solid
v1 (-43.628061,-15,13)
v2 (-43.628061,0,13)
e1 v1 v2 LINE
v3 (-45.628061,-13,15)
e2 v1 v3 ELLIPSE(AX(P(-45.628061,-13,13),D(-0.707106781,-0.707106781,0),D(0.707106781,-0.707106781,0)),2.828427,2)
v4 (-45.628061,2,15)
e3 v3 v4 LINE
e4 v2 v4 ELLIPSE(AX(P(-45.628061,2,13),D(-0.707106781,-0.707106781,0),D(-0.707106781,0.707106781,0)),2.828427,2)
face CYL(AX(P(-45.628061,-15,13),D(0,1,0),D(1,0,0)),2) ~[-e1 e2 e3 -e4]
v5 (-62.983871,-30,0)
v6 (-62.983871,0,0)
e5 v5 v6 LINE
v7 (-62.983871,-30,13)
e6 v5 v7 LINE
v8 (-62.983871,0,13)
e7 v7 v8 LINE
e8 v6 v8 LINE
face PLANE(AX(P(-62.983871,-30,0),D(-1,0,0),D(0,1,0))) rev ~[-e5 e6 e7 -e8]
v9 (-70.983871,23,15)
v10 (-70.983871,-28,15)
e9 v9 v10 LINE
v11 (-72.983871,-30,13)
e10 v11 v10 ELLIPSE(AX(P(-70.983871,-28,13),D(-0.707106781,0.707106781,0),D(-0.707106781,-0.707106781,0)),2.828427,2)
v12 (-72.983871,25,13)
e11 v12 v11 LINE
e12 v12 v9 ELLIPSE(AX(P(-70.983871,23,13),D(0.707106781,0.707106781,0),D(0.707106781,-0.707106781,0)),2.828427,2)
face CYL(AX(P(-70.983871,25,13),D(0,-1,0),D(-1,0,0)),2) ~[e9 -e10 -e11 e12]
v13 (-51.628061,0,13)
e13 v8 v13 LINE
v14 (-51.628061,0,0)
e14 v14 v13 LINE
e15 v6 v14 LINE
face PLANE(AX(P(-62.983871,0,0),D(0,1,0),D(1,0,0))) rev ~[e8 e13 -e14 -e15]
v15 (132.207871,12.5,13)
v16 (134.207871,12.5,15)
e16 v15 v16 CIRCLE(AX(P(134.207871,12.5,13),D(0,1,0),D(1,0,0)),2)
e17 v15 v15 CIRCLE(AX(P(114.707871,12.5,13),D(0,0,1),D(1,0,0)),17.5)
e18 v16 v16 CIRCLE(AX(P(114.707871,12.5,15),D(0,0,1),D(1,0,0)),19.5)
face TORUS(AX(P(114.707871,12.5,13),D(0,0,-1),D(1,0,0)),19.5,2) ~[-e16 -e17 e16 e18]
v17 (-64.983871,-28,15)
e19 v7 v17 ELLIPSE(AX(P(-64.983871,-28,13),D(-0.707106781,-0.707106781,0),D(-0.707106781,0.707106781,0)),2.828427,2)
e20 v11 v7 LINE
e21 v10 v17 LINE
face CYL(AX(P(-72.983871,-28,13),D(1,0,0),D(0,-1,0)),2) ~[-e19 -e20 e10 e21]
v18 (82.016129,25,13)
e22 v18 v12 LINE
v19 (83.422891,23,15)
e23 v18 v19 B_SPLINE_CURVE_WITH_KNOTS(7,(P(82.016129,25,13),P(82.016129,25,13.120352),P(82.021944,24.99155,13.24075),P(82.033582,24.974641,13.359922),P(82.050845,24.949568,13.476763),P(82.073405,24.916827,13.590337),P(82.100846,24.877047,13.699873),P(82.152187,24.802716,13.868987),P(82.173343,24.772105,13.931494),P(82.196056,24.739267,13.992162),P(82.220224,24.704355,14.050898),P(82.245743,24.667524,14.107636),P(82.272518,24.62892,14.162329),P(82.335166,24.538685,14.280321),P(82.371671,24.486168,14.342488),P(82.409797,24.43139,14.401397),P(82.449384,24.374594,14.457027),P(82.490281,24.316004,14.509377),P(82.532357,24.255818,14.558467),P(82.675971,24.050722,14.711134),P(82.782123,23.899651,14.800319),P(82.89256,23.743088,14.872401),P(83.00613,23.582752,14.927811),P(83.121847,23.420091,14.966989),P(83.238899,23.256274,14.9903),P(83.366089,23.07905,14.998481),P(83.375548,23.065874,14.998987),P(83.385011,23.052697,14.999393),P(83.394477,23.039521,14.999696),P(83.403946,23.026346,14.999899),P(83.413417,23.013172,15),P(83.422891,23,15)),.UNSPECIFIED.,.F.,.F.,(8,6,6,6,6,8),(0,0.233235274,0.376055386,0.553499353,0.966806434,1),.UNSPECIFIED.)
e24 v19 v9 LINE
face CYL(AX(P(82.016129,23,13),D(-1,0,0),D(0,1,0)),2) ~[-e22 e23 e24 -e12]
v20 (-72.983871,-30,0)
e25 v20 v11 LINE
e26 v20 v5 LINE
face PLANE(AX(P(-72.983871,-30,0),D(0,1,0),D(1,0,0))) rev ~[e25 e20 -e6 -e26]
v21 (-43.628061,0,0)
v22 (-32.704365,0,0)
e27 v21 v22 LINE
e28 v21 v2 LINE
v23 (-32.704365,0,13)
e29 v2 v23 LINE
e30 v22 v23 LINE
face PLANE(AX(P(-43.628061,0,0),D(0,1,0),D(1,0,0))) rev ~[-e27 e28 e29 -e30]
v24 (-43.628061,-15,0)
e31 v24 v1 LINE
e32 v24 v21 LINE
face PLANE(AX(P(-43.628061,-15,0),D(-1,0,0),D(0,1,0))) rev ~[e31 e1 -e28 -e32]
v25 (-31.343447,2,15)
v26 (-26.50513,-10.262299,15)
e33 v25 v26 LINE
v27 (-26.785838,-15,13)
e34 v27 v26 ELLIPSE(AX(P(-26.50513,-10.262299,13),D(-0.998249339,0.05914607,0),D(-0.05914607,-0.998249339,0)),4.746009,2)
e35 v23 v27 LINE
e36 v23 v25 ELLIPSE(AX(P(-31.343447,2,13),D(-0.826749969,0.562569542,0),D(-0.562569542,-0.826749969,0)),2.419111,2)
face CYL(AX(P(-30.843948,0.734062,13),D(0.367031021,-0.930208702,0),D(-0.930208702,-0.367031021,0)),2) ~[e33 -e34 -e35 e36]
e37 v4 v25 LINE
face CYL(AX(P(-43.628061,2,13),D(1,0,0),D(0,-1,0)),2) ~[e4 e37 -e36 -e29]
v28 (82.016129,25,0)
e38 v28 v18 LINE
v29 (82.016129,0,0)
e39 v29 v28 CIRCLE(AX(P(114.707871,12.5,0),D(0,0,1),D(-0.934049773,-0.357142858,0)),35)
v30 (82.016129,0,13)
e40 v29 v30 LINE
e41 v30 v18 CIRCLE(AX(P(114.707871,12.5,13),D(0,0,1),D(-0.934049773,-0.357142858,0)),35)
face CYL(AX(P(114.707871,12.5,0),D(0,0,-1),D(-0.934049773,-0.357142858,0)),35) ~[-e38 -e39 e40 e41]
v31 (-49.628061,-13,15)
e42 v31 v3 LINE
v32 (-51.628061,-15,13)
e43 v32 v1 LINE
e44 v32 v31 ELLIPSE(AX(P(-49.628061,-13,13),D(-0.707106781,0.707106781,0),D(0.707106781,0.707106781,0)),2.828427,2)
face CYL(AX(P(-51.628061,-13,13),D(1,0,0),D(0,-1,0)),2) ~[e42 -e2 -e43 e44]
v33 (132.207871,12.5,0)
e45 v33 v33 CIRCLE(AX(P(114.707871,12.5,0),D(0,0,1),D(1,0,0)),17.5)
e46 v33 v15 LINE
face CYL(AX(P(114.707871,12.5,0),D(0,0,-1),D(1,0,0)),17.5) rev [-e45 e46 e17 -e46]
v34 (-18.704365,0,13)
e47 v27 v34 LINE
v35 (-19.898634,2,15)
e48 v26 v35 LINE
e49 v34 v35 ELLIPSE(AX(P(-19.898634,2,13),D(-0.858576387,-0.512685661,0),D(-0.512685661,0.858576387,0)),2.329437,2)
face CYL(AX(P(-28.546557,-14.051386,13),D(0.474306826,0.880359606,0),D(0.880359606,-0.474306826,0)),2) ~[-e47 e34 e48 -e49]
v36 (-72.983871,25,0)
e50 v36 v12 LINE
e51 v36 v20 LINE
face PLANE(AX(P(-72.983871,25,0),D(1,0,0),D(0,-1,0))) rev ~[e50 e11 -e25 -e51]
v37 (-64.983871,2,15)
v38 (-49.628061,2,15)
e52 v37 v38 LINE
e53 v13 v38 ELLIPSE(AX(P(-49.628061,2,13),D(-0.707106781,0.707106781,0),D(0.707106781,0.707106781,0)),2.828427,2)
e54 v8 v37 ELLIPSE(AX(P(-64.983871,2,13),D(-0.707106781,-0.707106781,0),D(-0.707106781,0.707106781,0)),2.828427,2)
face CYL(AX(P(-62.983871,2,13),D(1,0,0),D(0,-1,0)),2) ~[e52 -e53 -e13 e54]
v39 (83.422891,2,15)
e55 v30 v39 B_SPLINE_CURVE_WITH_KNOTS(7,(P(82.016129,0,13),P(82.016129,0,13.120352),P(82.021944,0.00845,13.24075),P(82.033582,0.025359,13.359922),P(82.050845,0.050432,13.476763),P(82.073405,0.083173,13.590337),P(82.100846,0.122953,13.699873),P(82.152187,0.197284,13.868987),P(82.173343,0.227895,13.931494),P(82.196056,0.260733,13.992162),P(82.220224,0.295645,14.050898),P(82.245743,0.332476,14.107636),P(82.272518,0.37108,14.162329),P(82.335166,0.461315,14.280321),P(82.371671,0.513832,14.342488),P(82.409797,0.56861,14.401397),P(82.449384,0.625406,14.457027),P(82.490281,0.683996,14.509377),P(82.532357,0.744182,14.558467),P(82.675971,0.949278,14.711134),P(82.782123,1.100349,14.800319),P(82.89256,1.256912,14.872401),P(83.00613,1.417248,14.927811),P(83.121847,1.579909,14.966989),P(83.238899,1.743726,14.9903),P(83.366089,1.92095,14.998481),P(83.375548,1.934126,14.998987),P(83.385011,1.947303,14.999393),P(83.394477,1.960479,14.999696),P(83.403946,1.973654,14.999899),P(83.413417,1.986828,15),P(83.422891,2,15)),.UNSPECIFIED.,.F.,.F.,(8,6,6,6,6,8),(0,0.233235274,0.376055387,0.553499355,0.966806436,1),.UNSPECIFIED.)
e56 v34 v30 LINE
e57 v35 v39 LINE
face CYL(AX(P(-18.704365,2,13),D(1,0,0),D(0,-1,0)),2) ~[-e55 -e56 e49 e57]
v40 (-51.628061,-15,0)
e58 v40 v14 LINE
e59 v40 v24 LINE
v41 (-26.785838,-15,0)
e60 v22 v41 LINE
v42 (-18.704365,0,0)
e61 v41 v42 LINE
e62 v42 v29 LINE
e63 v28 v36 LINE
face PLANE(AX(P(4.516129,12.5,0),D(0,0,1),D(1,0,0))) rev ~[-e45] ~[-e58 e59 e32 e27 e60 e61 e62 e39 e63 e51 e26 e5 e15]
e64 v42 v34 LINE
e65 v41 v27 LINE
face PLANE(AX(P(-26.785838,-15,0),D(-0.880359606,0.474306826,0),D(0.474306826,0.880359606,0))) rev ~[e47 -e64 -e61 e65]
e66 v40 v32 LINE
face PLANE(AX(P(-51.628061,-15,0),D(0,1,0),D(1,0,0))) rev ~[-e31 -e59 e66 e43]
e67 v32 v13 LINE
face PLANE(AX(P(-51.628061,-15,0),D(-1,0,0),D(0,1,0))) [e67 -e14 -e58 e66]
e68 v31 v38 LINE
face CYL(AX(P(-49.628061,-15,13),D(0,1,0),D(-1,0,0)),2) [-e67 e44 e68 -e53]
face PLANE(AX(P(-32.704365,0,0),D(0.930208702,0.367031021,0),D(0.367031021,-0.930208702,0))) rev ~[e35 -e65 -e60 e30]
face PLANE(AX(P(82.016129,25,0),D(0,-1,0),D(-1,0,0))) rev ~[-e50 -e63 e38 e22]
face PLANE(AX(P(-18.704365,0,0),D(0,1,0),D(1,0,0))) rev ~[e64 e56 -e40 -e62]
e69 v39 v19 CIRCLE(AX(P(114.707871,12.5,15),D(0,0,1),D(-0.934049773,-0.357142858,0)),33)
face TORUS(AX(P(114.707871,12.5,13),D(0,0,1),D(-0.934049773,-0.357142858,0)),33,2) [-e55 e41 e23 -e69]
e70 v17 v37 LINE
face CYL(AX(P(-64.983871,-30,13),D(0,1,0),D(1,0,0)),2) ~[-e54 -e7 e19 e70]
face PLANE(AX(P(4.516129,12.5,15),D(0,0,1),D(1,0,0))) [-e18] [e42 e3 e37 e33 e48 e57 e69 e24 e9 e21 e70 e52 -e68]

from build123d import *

# Parameters (mm, degrees)
F0_W     = 10
F0_H     = 30
F0_W_2   = 8
F0_H_2   = 15
F0_R     = 17.5
F1_DEPTH = 15
F2_R     = 2


with BuildPart() as f1:
    # F0 (on Top) → F1 (new body)
    with BuildSketch(Plane.XY):
        Polygon((82.016129, 25), (-72.983871, 25), (-72.983871, 0), (-62.983871, 0), (-51.628061, 0), (-43.628061, 0), (-32.704365, 0), (-18.704365, 0), (82.016129, 0), align=None)
        with Locations((-67.983871, -15)):
            Rectangle(F0_W, F0_H)
        with Locations((-47.628061, -7.5)):
            Rectangle(F0_W_2, F0_H_2)
        Polygon((-26.785838, -15), (-18.704365, 0), (-32.704365, 0), align=None)
        with BuildLine():
            ThreePointArc((82.016129, 0), (149.707871, 12.5), (82.016129, 25))
            Line((82.016129, 25), (82.016129, 0))
        make_face()
        with Locations((114.707871, 12.5)):
            Circle(F0_R, mode=Mode.SUBTRACT)
    extrude(amount=F1_DEPTH)

    # F2
    f2_edges = [f1.edges().sort_by_distance(p)[0] for p in [
        (-72.983871, -2.5, 15),
        (-62.983871, -15, 15),
        (-67.983871, -30, 15),
        (-47.628061, -15, 15),
        (-43.628061, -7.5, 15),
        (-29.745101, -7.5, 15),
        (4.516129, 25, 15),
        (-57.305966, 0, 15),
        (-51.628061, -7.5, 15),
        (-38.166213, 0, 15),
        (-22.745101, -7.5, 15),
        (31.655882, 0, 15),
        (149.707871, 12.5, 15),
        (97.207871, 12.5, 15),
    ]]
    fillet(f2_edges, radius=F2_R)


solid = f1.part
